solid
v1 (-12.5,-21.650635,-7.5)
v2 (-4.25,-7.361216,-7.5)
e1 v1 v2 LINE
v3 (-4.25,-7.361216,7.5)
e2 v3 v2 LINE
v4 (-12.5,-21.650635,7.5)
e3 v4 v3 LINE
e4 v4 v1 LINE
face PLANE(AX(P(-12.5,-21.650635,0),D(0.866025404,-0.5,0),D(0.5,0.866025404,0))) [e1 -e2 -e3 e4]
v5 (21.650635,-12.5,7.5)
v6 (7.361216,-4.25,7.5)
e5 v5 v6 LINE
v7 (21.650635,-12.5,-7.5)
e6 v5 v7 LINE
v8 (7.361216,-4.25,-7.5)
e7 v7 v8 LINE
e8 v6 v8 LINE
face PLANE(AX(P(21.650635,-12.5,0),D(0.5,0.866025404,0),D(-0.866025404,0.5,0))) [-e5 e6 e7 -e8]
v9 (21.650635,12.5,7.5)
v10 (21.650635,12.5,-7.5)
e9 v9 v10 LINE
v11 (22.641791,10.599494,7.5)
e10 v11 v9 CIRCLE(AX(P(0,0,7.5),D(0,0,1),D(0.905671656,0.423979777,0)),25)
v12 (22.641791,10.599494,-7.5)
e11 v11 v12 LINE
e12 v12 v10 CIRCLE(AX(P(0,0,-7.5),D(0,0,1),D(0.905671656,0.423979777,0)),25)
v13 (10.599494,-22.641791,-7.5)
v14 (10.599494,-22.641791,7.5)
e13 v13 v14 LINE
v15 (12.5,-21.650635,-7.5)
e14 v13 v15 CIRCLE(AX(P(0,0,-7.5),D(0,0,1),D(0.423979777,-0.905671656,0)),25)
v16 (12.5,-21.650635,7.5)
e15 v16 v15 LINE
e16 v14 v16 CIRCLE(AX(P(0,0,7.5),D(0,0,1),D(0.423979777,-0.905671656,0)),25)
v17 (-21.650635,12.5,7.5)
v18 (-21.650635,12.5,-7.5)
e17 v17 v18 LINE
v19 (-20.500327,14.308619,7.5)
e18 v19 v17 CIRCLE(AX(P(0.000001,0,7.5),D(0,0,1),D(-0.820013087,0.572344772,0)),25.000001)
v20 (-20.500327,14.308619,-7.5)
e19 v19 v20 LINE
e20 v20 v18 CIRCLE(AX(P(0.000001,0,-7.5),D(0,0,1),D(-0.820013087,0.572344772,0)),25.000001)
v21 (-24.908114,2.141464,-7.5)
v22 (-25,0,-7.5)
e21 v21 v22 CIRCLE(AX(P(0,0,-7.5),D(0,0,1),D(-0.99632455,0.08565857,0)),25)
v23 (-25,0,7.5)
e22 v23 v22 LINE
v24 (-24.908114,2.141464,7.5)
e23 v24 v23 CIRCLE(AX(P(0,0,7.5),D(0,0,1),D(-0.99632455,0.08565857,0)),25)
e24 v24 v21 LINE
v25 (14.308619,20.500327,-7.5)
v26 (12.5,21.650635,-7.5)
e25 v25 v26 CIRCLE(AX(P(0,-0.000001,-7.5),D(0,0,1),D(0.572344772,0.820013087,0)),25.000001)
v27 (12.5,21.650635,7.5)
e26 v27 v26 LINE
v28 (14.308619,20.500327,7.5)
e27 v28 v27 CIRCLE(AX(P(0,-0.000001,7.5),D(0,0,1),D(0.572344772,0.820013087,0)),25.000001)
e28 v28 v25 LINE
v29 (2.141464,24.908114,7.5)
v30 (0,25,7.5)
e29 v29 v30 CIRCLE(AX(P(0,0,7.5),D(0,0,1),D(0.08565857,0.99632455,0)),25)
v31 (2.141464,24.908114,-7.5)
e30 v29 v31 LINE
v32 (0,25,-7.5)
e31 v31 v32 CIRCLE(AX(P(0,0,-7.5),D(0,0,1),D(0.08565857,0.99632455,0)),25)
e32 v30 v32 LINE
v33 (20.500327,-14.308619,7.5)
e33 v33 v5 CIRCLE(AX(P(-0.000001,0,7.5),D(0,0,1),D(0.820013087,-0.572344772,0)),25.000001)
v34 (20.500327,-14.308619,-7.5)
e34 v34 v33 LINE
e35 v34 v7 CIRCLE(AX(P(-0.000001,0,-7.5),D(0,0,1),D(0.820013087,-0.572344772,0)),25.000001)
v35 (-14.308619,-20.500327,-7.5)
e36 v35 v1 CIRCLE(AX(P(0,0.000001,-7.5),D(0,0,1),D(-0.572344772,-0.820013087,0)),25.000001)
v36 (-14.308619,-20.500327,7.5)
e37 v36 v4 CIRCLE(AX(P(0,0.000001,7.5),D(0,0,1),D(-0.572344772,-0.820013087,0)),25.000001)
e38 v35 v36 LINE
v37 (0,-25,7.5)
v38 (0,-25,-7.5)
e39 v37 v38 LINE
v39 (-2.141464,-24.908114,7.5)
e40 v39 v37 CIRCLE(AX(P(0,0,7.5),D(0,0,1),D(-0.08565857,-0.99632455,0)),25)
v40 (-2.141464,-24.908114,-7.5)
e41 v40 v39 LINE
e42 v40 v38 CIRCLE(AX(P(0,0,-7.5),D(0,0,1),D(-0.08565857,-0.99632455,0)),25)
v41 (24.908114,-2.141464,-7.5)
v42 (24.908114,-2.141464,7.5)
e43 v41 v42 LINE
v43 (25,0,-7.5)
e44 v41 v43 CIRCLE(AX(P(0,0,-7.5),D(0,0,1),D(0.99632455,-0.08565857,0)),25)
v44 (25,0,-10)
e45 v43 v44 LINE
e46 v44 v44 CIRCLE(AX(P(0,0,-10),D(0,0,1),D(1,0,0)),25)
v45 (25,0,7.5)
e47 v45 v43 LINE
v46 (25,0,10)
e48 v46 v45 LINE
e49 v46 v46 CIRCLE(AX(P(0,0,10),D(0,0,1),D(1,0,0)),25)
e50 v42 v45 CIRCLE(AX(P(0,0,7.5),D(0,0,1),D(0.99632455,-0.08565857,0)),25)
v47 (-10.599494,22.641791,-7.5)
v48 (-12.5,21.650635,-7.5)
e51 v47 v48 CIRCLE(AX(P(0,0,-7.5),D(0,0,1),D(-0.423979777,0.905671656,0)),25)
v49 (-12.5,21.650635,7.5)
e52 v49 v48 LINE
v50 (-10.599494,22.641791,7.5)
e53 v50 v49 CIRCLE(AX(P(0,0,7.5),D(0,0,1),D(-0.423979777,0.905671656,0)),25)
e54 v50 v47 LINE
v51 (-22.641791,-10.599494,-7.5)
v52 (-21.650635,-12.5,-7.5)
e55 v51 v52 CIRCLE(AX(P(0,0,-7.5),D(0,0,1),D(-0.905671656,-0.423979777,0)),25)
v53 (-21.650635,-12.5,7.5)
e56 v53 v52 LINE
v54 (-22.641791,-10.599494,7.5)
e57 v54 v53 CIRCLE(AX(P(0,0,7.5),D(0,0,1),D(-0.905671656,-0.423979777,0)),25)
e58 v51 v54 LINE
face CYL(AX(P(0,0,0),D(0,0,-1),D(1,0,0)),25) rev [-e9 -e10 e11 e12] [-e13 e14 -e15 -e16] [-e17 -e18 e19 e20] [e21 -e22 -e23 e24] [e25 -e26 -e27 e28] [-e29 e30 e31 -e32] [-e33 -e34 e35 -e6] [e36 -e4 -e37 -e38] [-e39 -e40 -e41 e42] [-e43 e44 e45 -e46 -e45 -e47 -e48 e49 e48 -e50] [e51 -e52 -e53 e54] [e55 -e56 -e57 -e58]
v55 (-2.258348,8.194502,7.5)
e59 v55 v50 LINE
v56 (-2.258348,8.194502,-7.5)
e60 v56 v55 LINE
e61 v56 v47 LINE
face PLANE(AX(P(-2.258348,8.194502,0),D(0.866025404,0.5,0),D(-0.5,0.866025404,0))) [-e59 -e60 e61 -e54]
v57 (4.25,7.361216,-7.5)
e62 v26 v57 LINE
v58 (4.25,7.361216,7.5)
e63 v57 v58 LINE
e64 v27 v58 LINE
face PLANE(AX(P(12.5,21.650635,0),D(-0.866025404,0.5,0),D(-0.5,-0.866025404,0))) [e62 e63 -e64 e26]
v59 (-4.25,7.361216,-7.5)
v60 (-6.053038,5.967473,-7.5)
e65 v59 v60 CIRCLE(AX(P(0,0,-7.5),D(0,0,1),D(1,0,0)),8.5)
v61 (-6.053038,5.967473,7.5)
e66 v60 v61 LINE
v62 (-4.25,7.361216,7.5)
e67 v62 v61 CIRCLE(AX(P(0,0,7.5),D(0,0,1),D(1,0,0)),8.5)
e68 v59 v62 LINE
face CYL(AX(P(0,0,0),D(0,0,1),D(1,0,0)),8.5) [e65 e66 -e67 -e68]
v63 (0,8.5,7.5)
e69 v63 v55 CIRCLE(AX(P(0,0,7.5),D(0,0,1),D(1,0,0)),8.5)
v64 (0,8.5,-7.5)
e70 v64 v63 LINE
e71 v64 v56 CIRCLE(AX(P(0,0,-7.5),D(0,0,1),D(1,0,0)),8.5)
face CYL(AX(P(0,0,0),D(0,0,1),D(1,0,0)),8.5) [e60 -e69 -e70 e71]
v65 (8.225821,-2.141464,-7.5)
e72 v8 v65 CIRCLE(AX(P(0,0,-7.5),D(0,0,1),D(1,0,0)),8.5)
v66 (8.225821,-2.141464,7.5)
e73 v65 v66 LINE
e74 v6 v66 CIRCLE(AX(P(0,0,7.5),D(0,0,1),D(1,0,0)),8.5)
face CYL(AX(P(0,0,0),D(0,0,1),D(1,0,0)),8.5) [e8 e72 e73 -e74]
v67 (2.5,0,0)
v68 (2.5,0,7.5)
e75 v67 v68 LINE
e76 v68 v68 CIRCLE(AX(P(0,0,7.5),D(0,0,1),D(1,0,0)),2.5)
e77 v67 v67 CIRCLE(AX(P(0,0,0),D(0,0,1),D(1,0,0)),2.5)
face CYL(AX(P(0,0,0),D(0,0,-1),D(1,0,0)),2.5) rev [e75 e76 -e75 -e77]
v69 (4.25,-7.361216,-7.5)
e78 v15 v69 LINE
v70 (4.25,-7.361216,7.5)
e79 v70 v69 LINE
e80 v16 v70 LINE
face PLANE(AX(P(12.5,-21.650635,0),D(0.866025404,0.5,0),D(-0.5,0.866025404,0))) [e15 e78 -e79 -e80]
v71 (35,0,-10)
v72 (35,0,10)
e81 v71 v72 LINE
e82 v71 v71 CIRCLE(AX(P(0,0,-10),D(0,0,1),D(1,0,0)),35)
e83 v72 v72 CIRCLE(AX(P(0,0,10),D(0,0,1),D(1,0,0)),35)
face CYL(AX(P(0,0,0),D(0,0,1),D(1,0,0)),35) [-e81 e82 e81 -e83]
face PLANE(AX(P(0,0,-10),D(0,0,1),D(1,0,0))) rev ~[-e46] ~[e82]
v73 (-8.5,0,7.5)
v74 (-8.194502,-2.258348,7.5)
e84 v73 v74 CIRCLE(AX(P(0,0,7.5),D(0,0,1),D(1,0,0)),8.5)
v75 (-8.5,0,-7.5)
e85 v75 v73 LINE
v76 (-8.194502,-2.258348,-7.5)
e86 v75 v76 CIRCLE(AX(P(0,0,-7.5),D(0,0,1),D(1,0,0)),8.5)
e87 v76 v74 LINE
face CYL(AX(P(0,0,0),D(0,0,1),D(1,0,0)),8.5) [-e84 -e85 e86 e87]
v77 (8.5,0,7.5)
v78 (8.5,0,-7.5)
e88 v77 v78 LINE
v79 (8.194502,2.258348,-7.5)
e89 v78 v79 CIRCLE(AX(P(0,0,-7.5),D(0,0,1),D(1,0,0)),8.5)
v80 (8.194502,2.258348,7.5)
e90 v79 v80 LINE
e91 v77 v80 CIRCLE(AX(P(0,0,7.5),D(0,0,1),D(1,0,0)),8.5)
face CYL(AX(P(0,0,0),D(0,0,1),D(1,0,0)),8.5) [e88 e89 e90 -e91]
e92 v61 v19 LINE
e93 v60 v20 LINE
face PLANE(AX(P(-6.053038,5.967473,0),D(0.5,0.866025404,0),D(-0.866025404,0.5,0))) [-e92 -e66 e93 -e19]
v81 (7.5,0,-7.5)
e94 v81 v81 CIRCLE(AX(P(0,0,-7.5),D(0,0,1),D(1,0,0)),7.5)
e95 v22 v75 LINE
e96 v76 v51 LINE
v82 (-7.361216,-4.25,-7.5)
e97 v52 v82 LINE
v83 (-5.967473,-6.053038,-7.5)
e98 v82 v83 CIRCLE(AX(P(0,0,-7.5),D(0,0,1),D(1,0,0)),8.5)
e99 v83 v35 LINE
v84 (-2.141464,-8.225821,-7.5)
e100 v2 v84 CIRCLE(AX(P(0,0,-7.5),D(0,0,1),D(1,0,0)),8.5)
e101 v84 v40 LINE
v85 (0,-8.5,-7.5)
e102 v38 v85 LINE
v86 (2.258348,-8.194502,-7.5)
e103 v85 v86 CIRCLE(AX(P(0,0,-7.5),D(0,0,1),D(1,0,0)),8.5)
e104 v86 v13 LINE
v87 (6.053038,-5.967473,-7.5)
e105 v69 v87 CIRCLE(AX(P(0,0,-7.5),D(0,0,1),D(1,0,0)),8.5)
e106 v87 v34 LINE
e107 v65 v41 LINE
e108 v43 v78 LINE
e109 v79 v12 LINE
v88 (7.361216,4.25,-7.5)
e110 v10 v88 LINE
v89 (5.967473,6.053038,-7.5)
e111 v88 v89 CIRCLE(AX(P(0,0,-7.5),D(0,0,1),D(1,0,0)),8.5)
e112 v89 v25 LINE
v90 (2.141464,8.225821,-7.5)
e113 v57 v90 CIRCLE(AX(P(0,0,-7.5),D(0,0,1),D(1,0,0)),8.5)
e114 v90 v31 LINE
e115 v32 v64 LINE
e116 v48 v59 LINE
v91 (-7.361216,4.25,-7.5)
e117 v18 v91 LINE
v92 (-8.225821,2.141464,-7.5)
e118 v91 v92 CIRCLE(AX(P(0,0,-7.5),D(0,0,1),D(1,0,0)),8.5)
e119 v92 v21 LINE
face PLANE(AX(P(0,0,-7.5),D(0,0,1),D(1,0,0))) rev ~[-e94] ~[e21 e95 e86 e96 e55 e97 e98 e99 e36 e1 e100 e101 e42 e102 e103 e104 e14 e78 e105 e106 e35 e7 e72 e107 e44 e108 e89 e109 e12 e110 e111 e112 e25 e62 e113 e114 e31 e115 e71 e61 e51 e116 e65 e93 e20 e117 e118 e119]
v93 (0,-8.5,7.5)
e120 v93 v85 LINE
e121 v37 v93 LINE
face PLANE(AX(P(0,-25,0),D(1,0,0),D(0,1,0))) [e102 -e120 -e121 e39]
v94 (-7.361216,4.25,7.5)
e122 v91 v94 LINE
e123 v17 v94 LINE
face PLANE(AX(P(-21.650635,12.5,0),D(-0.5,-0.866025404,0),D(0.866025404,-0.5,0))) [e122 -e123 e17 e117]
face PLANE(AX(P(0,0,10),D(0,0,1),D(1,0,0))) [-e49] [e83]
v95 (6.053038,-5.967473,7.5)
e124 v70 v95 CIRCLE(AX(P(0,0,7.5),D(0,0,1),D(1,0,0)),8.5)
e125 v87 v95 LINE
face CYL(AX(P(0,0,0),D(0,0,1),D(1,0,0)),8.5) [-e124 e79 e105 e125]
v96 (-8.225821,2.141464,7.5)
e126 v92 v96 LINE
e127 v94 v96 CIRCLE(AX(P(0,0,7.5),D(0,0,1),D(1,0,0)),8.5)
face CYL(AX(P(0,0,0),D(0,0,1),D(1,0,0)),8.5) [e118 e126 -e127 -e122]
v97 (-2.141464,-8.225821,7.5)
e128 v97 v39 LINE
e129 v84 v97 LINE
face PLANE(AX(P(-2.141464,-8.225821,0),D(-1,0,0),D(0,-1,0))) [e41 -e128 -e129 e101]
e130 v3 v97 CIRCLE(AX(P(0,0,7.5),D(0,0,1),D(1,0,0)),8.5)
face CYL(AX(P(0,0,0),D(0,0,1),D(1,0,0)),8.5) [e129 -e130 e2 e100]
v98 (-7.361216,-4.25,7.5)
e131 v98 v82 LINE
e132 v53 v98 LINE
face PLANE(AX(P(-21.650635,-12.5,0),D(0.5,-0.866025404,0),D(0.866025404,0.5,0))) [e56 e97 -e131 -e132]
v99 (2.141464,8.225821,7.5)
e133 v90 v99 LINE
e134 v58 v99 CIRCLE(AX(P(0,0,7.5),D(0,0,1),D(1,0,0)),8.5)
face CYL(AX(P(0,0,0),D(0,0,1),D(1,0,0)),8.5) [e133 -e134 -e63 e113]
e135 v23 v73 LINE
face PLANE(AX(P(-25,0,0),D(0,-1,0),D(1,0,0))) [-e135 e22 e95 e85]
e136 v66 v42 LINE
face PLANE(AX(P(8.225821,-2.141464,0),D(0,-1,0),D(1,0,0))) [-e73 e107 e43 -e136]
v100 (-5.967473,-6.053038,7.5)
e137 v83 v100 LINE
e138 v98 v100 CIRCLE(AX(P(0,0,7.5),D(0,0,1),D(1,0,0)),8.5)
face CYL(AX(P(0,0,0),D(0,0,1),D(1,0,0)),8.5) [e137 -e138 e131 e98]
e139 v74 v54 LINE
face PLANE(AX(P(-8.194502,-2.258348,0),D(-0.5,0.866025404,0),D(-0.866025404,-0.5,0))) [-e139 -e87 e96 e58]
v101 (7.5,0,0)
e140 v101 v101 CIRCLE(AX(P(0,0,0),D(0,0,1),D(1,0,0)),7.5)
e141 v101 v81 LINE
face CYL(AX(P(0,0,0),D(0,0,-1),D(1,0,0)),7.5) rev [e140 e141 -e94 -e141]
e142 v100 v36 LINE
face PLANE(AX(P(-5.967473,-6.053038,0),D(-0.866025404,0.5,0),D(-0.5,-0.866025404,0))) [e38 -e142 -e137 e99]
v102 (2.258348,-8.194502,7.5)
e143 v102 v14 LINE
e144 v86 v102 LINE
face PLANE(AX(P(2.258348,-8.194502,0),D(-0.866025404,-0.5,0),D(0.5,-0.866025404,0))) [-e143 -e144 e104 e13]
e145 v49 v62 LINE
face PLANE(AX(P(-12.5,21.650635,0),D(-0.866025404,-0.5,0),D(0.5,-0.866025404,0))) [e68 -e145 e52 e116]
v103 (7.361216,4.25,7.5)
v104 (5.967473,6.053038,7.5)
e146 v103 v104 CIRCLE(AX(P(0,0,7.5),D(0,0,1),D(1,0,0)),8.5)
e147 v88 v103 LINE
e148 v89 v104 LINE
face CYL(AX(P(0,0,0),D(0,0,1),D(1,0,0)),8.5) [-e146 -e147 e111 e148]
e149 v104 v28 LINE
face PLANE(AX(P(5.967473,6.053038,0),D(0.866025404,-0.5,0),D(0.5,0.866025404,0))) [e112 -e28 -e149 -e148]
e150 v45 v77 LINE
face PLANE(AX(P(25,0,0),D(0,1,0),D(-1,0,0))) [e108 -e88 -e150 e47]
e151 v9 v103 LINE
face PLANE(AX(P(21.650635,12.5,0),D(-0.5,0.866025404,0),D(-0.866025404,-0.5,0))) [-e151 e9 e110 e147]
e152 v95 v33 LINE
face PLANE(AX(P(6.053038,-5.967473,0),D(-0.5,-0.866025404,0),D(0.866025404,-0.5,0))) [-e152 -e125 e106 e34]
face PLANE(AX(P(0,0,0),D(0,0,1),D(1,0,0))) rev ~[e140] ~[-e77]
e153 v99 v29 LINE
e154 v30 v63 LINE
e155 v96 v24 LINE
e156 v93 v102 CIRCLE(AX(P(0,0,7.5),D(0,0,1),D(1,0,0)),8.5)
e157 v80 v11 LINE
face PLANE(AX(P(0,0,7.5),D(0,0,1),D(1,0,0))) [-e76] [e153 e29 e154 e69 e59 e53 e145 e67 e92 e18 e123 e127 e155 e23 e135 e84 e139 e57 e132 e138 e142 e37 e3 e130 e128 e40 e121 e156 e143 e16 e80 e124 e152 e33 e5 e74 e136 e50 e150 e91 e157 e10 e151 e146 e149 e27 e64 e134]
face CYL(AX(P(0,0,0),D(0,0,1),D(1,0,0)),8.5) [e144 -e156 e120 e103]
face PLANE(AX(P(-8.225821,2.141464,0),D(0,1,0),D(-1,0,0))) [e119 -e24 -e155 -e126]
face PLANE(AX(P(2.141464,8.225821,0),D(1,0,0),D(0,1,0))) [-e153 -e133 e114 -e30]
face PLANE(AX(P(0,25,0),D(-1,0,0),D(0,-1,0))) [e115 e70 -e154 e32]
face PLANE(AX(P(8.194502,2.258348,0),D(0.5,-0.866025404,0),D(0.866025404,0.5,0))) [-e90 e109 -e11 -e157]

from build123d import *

# Parameters (mm, degrees)
BOSS_EXTRUDE1_DEPTH    = 7.5
BOSS_EXTRUDE1_2_DEPTH  = 7.5
BOSS_EXTRUDE1_3_DEPTH  = 7.5
BOSS_EXTRUDE1_4_DEPTH  = 7.5
BOSS_EXTRUDE1_5_DEPTH  = 7.5
BOSS_EXTRUDE1_6_DEPTH  = 7.5
BOSS_EXTRUDE1_7_DEPTH  = 7.5
BOSS_EXTRUDE1_8_DEPTH  = 7.5
BOSS_EXTRUDE1_9_DEPTH  = 7.5
BOSS_EXTRUDE1_10_DEPTH = 7.5
BOSS_EXTRUDE1_11_DEPTH = 7.5
BOSS_EXTRUDE1_12_DEPTH = 7.5
SKETCH1_3_R            = 27
SKETCH1_3_R_2          = 25
BOSS_EXTRUDE2_DEPTH    = 10
SKETCH1_4_R            = 8.5
SKETCH1_4_R_2          = 7.5
BOSS_EXTRUDE3_DEPTH    = 7.5
SKETCH1_5_R            = 35
SKETCH1_5_R_2          = 27
BOSS_EXTRUDE4_DEPTH    = 10
SKETCH1_6_R            = 7.5
SKETCH1_6_R_2          = 2.5
BOSS_EXTRUDE5_DEPTH    = 7.5


with BuildPart() as part:
    # Sketch1 → Boss-Extrude1 (new, symmetric)
    with BuildSketch(Plane.XY):
        with BuildLine():
            Line((-25, 0), (-8.5, 0))
            ThreePointArc((-8.5, 0), (-8.43117662, 1.079472466), (-8.225820987, 2.141464239))
            Line((-8.225820987, 2.141464239), (-24.908113757, 2.141464239))
            ThreePointArc((-24.908113757, 2.141464239), (-24.977017876, 1.071717333), (-25, 0))
        make_face()
    extrude(amount=BOSS_EXTRUDE1_DEPTH, both=True)



with BuildPart() as body_2:
    # Sketch1 → Boss-Extrude1 2 (new, symmetric)
    with BuildSketch(Plane.XY):
        with BuildLine():
            ThreePointArc((-7.361215932, -4.25), (-7.84134937, -3.280737732), (-8.194502061, -2.258348061))
            Line((-8.194502061, -2.258348061), (-22.641791393, -10.599494446))
            ThreePointArc((-22.641791393, -10.599494446), (-22.166590658, -11.560374502), (-21.650635095, -12.5))
            Line((-21.650635095, -12.5), (-7.361215932, -4.25))
        make_face()
    extrude(amount=BOSS_EXTRUDE1_2_DEPTH, both=True)


with BuildPart() as body_3:
    # Sketch1 → Boss-Extrude1 3 (new, symmetric)
    with BuildSketch(Plane.XY):
        with BuildLine():
            Line((-21.650635095, 12.5), (-7.361215932, 4.25))
            ThreePointArc((-7.361215932, 4.25), (-6.761876904, 5.150438888), (-6.053037822, 5.967472926))
            Line((-6.053037822, 5.967472926), (-20.500327154, 14.308619311))
            ThreePointArc((-20.500327154, 14.308619311), (-21.094873324, 13.416643374), (-21.650635095, 12.5))
        make_face()
    extrude(amount=BOSS_EXTRUDE1_3_DEPTH, both=True)


with BuildPart() as body_4:
    # Sketch1 → Boss-Extrude1 4 (new, symmetric)
    with BuildSketch(Plane.XY):
        with BuildLine():
            ThreePointArc((-4.25, -7.361215932), (-5.150438888, -6.761876904), (-5.967472926, -6.053037822))
            Line((-5.967472926, -6.053037822), (-14.308619311, -20.500327154))
            ThreePointArc((-14.308619311, -20.500327154), (-13.416643374, -21.094873324), (-12.5, -21.650635095))
            Line((-12.5, -21.650635095), (-4.25, -7.361215932))
        make_face()
    extrude(amount=BOSS_EXTRUDE1_4_DEPTH, both=True)


with BuildPart() as body_5:
    # Sketch1 → Boss-Extrude1 5 (new, symmetric)
    with BuildSketch(Plane.XY):
        with BuildLine():
            Line((-12.5, 21.650635095), (-4.25, 7.361215932))
            ThreePointArc((-4.25, 7.361215932), (-3.280737732, 7.84134937), (-2.258348061, 8.194502061))
            Line((-2.258348061, 8.194502061), (-10.599494446, 22.641791393))
            ThreePointArc((-10.599494446, 22.641791393), (-11.560374502, 22.166590658), (-12.5, 21.650635095))
        make_face()
    extrude(amount=BOSS_EXTRUDE1_5_DEPTH, both=True)


with BuildPart() as body_6:
    # Sketch1 → Boss-Extrude1 6 (new, symmetric)
    with BuildSketch(Plane.XY):
        with BuildLine():
            ThreePointArc((0, -8.5), (-1.079472466, -8.43117662), (-2.141464239, -8.225820987))
            Line((-2.141464239, -8.225820987), (-2.141464239, -24.908113757))
            ThreePointArc((-2.141464239, -24.908113757), (-1.071717333, -24.977017876), (0, -25))
            Line((0, -25), (0, -8.5))
        make_face()
    extrude(amount=BOSS_EXTRUDE1_6_DEPTH, both=True)


with BuildPart() as body_7:
    # Sketch1 → Boss-Extrude1 7 (new, symmetric)
    with BuildSketch(Plane.XY):
        with BuildLine():
            Line((0, 25), (0, 8.5))
            ThreePointArc((0, 8.5), (1.079472466, 8.43117662), (2.141464239, 8.225820987))
            Line((2.141464239, 8.225820987), (2.141464239, 24.908113757))
            ThreePointArc((2.141464239, 24.908113757), (1.071717333, 24.977017876), (0, 25))
        make_face()
    extrude(amount=BOSS_EXTRUDE1_7_DEPTH, both=True)


with BuildPart() as body_8:
    # Sketch1 → Boss-Extrude1 8 (new, symmetric)
    with BuildSketch(Plane.XY):
        with BuildLine():
            ThreePointArc((4.25, -7.361215932), (3.280737732, -7.84134937), (2.258348061, -8.194502061))
            Line((2.258348061, -8.194502061), (10.599494446, -22.641791393))
            ThreePointArc((10.599494446, -22.641791393), (11.560374502, -22.166590658), (12.5, -21.650635095))
            Line((12.5, -21.650635095), (4.25, -7.361215932))
        make_face()
    extrude(amount=BOSS_EXTRUDE1_8_DEPTH, both=True)


with BuildPart() as body_9:
    # Sketch1 → Boss-Extrude1 9 (new, symmetric)
    with BuildSketch(Plane.XY):
        with BuildLine():
            Line((12.5, 21.650635095), (4.25, 7.361215932))
            ThreePointArc((4.25, 7.361215932), (5.150438888, 6.761876904), (5.967472926, 6.053037822))
            Line((5.967472926, 6.053037822), (14.308619311, 20.500327154))
            ThreePointArc((14.308619311, 20.500327154), (13.416643374, 21.094873324), (12.5, 21.650635095))
        make_face()
    extrude(amount=BOSS_EXTRUDE1_9_DEPTH, both=True)


with BuildPart() as body_10:
    # Sketch1 → Boss-Extrude1 10 (new, symmetric)
    with BuildSketch(Plane.XY):
        with BuildLine():
            ThreePointArc((7.361215932, -4.25), (6.761876904, -5.150438888), (6.053037822, -5.967472926))
            Line((6.053037822, -5.967472926), (20.500327154, -14.308619311))
            ThreePointArc((20.500327154, -14.308619311), (21.094873324, -13.416643374), (21.650635095, -12.5))
            Line((21.650635095, -12.5), (7.361215932, -4.25))
        make_face()
    extrude(amount=BOSS_EXTRUDE1_10_DEPTH, both=True)


with BuildPart() as body_11:
    # Sketch1 → Boss-Extrude1 11 (new, symmetric)
    with BuildSketch(Plane.XY):
        with BuildLine():
            Line((21.650635095, 12.5), (7.361215932, 4.25))
            ThreePointArc((7.361215932, 4.25), (7.84134937, 3.280737732), (8.194502061, 2.258348061))
            Line((8.194502061, 2.258348061), (22.641791393, 10.599494446))
            ThreePointArc((22.641791393, 10.599494446), (22.166590658, 11.560374502), (21.650635095, 12.5))
        make_face()
    extrude(amount=BOSS_EXTRUDE1_11_DEPTH, both=True)


with BuildPart() as body_12:
    # Sketch1 → Boss-Extrude1 12 (new, symmetric)
    with BuildSketch(Plane.XY):
        with BuildLine():
            ThreePointArc((8.5, 0), (8.43117662, -1.079472466), (8.225820987, -2.141464239))
            Line((8.225820987, -2.141464239), (24.908113757, -2.141464239))
            ThreePointArc((24.908113757, -2.141464239), (24.977017876, -1.071717333), (25, 0))
            Line((25, 0), (8.5, 0))
        make_face()
    extrude(amount=BOSS_EXTRUDE1_12_DEPTH, both=True)


with BuildPart() as part_1:
    add(part.part)

    add(body_2.part)  # Boss-Extrude2 merges body 2

    add(body_3.part)  # Boss-Extrude2 merges body 3

    add(body_4.part)  # Boss-Extrude2 merges body 4

    add(body_5.part)  # Boss-Extrude2 merges body 5

    add(body_6.part)  # Boss-Extrude2 merges body 6

    add(body_7.part)  # Boss-Extrude2 merges body 7

    add(body_8.part)  # Boss-Extrude2 merges body 8

    add(body_9.part)  # Boss-Extrude2 merges body 9

    add(body_10.part)  # Boss-Extrude2 merges body 10

    add(body_11.part)  # Boss-Extrude2 merges body 11

    add(body_12.part)  # Boss-Extrude2 merges body 12
    # Sketch1_3 → Boss-Extrude2 (add, symmetric)
    with BuildSketch(Plane.XY):
        Circle(SKETCH1_3_R)
        Circle(SKETCH1_3_R_2, mode=Mode.SUBTRACT)
    extrude(amount=BOSS_EXTRUDE2_DEPTH, both=True)

    # Sketch1_4 → Boss-Extrude3 (add, symmetric)
    with BuildSketch(Plane.XY):
        Circle(SKETCH1_4_R)
        Circle(SKETCH1_4_R_2, mode=Mode.SUBTRACT)
    extrude(amount=BOSS_EXTRUDE3_DEPTH, both=True)

    # Sketch1_5 → Boss-Extrude4 (add, symmetric)
    with BuildSketch(Plane.XY):
        Circle(SKETCH1_5_R)
        Circle(SKETCH1_5_R_2, mode=Mode.SUBTRACT)
    extrude(amount=BOSS_EXTRUDE4_DEPTH, both=True)

    # Sketch1_6 → Boss-Extrude5 (add)
    with BuildSketch(Plane.XY):
        Circle(SKETCH1_6_R)
        Circle(SKETCH1_6_R_2, mode=Mode.SUBTRACT)
    extrude(amount=BOSS_EXTRUDE5_DEPTH)


solid = part_1.part
